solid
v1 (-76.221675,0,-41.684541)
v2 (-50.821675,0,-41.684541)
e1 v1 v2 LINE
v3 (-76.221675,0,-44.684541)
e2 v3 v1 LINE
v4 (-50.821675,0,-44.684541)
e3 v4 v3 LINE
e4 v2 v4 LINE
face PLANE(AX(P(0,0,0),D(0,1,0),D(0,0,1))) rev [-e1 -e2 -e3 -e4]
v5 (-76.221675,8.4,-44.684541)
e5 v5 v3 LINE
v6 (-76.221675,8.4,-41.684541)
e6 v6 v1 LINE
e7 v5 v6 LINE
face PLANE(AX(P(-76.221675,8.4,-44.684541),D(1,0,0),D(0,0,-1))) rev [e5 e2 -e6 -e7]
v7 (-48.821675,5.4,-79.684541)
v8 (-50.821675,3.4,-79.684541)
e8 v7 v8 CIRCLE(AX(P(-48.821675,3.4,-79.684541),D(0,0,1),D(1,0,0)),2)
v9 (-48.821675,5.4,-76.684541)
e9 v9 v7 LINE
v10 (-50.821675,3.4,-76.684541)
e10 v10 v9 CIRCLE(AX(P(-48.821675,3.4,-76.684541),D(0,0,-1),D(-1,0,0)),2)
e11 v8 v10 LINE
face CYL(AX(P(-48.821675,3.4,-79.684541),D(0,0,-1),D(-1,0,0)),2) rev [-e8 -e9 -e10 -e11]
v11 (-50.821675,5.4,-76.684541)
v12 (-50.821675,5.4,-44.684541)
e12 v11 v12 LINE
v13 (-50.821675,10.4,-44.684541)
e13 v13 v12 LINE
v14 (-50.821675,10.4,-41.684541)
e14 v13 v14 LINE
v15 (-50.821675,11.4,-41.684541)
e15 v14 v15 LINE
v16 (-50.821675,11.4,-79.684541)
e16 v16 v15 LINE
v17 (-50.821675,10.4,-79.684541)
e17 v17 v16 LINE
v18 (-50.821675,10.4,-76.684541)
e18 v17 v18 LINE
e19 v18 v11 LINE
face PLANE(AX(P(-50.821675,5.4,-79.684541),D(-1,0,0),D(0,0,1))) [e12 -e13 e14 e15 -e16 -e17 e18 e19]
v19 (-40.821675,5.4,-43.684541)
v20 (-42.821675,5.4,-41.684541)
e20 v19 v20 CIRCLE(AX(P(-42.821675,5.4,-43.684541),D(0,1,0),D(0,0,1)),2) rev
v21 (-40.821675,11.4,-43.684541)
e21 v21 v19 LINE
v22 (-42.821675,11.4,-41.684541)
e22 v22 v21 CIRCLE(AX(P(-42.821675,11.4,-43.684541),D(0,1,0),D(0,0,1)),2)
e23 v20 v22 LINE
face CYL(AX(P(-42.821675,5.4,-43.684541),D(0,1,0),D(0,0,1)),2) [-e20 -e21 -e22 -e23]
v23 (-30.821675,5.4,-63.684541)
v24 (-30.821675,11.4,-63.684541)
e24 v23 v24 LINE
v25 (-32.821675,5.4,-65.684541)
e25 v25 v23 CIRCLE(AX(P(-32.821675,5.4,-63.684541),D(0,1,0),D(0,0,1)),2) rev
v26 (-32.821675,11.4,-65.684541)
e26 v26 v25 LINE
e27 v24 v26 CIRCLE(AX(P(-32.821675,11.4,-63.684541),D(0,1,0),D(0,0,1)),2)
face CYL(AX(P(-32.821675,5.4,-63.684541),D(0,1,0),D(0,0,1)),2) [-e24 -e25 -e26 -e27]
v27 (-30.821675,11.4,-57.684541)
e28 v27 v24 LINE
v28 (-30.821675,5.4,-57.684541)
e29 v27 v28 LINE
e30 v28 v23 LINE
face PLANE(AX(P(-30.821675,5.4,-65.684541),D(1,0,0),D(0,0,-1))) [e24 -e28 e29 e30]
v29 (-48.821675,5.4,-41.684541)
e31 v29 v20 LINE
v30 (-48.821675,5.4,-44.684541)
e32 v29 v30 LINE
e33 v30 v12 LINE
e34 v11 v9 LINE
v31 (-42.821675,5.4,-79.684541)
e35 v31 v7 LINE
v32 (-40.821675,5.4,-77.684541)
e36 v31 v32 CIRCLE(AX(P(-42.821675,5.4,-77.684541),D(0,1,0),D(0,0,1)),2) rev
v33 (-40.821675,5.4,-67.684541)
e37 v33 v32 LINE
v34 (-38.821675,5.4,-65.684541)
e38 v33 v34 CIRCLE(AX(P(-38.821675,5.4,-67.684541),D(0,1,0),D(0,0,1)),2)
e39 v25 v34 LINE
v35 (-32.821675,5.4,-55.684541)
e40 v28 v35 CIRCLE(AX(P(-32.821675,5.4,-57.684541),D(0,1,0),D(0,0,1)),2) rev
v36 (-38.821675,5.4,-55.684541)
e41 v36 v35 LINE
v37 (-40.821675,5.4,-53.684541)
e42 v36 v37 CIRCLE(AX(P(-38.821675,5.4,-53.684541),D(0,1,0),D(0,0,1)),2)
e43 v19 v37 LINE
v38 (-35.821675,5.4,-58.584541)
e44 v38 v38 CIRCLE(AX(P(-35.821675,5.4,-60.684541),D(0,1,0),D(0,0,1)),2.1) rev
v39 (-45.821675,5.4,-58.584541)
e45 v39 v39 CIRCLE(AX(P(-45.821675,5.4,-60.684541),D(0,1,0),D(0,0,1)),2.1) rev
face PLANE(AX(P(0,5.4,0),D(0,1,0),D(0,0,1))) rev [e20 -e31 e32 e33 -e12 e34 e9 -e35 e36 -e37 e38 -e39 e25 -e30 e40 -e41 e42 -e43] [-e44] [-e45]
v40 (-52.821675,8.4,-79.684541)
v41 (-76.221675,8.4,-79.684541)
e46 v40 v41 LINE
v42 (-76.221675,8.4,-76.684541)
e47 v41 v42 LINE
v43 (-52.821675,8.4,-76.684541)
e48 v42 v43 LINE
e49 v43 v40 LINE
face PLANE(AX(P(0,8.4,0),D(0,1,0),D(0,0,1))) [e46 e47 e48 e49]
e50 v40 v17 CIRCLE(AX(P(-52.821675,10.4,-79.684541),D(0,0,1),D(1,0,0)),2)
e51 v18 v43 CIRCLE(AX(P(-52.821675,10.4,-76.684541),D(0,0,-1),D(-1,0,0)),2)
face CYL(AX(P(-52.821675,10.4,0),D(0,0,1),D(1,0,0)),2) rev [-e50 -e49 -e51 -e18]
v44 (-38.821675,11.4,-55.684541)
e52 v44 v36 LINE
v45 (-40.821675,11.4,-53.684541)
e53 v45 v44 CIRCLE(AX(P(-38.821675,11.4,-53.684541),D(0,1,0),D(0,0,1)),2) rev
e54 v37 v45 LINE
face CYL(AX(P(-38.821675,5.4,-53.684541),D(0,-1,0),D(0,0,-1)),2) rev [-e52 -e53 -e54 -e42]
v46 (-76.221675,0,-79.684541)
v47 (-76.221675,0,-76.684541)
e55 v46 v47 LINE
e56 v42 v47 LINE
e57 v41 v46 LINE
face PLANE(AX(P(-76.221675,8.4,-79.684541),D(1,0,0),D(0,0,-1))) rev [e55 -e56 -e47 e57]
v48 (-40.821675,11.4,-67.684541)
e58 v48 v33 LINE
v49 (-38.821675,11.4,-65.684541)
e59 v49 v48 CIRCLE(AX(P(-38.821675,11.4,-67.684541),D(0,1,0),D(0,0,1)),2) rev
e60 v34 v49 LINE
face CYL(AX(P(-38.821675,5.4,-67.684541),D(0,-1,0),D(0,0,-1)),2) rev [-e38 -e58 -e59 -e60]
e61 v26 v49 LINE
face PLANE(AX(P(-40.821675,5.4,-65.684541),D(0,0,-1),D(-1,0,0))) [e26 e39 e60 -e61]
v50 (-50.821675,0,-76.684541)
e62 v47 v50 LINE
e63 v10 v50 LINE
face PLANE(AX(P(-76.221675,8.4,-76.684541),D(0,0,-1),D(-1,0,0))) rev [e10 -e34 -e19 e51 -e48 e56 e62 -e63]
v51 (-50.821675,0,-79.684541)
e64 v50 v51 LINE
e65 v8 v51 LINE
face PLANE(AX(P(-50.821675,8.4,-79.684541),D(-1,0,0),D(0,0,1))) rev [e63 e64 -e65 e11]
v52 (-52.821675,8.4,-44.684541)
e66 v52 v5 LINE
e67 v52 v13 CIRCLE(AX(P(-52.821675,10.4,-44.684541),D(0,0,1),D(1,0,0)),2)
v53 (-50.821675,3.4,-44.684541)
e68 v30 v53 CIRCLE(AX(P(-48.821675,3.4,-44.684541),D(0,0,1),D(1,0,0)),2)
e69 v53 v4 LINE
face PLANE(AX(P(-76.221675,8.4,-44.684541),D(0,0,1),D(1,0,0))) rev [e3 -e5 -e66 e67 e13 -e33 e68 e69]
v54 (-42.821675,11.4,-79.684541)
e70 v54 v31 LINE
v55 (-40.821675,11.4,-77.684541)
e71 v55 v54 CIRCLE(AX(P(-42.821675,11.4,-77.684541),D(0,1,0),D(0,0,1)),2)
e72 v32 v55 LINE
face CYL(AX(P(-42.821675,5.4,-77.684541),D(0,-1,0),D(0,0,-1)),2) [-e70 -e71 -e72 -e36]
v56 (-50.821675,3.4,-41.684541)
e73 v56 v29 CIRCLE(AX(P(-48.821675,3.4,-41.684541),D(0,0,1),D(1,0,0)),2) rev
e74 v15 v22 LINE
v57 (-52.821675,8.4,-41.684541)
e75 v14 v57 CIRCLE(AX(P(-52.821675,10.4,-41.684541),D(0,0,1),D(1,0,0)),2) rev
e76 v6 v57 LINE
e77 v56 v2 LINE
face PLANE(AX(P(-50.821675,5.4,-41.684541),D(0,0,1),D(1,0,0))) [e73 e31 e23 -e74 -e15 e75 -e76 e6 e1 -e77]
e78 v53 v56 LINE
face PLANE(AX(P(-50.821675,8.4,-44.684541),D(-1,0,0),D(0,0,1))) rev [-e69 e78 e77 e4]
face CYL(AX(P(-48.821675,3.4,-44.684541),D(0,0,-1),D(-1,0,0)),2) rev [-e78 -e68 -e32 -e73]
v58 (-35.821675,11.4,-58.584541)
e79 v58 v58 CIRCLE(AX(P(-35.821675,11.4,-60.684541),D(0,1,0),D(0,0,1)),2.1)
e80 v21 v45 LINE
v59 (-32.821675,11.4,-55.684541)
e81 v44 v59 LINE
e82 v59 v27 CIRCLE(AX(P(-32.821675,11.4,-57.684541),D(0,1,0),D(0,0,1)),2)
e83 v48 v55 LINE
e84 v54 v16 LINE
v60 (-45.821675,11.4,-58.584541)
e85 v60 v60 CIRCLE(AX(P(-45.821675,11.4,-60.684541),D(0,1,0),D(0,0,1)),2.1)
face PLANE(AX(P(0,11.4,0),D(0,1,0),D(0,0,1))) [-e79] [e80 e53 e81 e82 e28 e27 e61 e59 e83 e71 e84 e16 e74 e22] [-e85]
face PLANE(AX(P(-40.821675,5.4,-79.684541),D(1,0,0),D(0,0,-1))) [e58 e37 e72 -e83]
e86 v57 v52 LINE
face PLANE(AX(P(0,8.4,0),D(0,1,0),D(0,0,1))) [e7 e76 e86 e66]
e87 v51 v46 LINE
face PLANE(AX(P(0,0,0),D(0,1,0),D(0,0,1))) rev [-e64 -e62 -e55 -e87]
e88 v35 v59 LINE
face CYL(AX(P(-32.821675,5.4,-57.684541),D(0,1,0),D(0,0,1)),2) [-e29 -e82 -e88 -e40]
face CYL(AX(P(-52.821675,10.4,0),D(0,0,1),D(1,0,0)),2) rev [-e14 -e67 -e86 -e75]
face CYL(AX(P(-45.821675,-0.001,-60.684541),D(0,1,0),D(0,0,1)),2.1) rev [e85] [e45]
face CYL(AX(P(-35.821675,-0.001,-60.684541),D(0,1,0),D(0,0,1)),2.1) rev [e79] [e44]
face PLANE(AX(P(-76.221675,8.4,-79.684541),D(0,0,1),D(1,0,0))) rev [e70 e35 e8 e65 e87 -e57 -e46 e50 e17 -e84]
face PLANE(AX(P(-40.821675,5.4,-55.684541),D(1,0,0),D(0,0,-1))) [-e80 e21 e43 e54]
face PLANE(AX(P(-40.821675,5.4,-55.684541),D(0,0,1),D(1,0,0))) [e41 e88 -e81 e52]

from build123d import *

# Parameters (mm, degrees)
SKETCH_1_W           = 25.4
SKETCH_1_H           = 3
EXTRUDE_1_DEPTH      = 8.4
EXTRUDE_1_2_DEPTH    = 8.4
EXTRUDE_2_DEPTH      = 3
EXTRUDE_2_DEPTH_BACK = 3
FILLET_1_R           = 2
SKETCH_3_R           = 2.1
CUT_EXTRUDE_1_DEPTH  = 6


with BuildPart() as part:
    # 草图1 → 凸台-拉伸1 (new body)
    with BuildSketch(Plane(origin=(0, 0, 0), x_dir=(1, 0, 0), z_dir=(0, 1, 0))):
        with Locations((-63.521674557, 78.184540652)):
            Rectangle(SKETCH_1_W, SKETCH_1_H)
    extrude(amount=EXTRUDE_1_DEPTH)



with BuildPart() as body_2:
    # 草图1 → Extrude 1 2 (new body)
    with BuildSketch(Plane(origin=(0, 0, 0), x_dir=(1, 0, 0), z_dir=(0, 1, 0))):
        with Locations((-63.521674557, 43.184540652)):
            Rectangle(SKETCH_1_W, SKETCH_1_H)
    extrude(amount=EXTRUDE_1_2_DEPTH)


with BuildPart() as part_1:
    add(part.part)

    add(body_2.part)  # 凸台-拉伸2 merges body 2
    # 草图2 → 凸台-拉伸2 (add, two sides: drawn at the far end of the back side and taken through both)
    with BuildSketch(Plane(origin=(0, 8.4, 0), x_dir=(1, 0, 0), z_dir=(0, 1, 0)).offset(-EXTRUDE_2_DEPTH_BACK)):
        Polygon((-40.821674557, 55.684540652), (-40.821674557, 41.684540652), (-50.821674557, 41.684540652), (-50.821674557, 79.684540652), (-40.821674557, 79.684540652), (-40.821674557, 65.684540652), (-30.821674557, 65.684540652), (-30.821674557, 55.684540652), align=None)
    extrude(amount=EXTRUDE_2_DEPTH + EXTRUDE_2_DEPTH_BACK)

    # 圆角1
    fillet_1_edges = [part_1.edges().sort_by_distance(p)[0] for p in [
        (-50.821674557, 8.4, -78.184540652),
        (-50.821674557, 5.4, -78.184540652),
        (-40.821674557, 8.4, -79.684540652),
        (-40.821674557, 8.4, -65.684540652),
        (-30.821674557, 8.4, -65.684540652),
        (-30.821674557, 8.4, -55.684540652),
        (-40.821674557, 8.4, -55.684540652),
        (-40.821674557, 8.4, -41.684540652),
        (-50.821674557, 5.4, -43.184540652),
        (-50.821674557, 8.4, -43.184540652),
    ]]
    fillet(fillet_1_edges, radius=FILLET_1_R)

    # 草图3 → 切除-拉伸1 (cut)
    with BuildSketch(Plane(origin=(0, 11.4, 0), x_dir=(1, 0, 0), z_dir=(0, 1, 0))):
        with Locations(Location((-45.821674557, 60.684540652, 0), (0, 0, 270))):
            Circle(SKETCH_3_R)
        with Locations(Location((-35.821674557, 60.684540652, 0), (0, 0, 270))):
            Circle(SKETCH_3_R)
    extrude(amount=-CUT_EXTRUDE_1_DEPTH, mode=Mode.SUBTRACT)


solid = part_1.part
